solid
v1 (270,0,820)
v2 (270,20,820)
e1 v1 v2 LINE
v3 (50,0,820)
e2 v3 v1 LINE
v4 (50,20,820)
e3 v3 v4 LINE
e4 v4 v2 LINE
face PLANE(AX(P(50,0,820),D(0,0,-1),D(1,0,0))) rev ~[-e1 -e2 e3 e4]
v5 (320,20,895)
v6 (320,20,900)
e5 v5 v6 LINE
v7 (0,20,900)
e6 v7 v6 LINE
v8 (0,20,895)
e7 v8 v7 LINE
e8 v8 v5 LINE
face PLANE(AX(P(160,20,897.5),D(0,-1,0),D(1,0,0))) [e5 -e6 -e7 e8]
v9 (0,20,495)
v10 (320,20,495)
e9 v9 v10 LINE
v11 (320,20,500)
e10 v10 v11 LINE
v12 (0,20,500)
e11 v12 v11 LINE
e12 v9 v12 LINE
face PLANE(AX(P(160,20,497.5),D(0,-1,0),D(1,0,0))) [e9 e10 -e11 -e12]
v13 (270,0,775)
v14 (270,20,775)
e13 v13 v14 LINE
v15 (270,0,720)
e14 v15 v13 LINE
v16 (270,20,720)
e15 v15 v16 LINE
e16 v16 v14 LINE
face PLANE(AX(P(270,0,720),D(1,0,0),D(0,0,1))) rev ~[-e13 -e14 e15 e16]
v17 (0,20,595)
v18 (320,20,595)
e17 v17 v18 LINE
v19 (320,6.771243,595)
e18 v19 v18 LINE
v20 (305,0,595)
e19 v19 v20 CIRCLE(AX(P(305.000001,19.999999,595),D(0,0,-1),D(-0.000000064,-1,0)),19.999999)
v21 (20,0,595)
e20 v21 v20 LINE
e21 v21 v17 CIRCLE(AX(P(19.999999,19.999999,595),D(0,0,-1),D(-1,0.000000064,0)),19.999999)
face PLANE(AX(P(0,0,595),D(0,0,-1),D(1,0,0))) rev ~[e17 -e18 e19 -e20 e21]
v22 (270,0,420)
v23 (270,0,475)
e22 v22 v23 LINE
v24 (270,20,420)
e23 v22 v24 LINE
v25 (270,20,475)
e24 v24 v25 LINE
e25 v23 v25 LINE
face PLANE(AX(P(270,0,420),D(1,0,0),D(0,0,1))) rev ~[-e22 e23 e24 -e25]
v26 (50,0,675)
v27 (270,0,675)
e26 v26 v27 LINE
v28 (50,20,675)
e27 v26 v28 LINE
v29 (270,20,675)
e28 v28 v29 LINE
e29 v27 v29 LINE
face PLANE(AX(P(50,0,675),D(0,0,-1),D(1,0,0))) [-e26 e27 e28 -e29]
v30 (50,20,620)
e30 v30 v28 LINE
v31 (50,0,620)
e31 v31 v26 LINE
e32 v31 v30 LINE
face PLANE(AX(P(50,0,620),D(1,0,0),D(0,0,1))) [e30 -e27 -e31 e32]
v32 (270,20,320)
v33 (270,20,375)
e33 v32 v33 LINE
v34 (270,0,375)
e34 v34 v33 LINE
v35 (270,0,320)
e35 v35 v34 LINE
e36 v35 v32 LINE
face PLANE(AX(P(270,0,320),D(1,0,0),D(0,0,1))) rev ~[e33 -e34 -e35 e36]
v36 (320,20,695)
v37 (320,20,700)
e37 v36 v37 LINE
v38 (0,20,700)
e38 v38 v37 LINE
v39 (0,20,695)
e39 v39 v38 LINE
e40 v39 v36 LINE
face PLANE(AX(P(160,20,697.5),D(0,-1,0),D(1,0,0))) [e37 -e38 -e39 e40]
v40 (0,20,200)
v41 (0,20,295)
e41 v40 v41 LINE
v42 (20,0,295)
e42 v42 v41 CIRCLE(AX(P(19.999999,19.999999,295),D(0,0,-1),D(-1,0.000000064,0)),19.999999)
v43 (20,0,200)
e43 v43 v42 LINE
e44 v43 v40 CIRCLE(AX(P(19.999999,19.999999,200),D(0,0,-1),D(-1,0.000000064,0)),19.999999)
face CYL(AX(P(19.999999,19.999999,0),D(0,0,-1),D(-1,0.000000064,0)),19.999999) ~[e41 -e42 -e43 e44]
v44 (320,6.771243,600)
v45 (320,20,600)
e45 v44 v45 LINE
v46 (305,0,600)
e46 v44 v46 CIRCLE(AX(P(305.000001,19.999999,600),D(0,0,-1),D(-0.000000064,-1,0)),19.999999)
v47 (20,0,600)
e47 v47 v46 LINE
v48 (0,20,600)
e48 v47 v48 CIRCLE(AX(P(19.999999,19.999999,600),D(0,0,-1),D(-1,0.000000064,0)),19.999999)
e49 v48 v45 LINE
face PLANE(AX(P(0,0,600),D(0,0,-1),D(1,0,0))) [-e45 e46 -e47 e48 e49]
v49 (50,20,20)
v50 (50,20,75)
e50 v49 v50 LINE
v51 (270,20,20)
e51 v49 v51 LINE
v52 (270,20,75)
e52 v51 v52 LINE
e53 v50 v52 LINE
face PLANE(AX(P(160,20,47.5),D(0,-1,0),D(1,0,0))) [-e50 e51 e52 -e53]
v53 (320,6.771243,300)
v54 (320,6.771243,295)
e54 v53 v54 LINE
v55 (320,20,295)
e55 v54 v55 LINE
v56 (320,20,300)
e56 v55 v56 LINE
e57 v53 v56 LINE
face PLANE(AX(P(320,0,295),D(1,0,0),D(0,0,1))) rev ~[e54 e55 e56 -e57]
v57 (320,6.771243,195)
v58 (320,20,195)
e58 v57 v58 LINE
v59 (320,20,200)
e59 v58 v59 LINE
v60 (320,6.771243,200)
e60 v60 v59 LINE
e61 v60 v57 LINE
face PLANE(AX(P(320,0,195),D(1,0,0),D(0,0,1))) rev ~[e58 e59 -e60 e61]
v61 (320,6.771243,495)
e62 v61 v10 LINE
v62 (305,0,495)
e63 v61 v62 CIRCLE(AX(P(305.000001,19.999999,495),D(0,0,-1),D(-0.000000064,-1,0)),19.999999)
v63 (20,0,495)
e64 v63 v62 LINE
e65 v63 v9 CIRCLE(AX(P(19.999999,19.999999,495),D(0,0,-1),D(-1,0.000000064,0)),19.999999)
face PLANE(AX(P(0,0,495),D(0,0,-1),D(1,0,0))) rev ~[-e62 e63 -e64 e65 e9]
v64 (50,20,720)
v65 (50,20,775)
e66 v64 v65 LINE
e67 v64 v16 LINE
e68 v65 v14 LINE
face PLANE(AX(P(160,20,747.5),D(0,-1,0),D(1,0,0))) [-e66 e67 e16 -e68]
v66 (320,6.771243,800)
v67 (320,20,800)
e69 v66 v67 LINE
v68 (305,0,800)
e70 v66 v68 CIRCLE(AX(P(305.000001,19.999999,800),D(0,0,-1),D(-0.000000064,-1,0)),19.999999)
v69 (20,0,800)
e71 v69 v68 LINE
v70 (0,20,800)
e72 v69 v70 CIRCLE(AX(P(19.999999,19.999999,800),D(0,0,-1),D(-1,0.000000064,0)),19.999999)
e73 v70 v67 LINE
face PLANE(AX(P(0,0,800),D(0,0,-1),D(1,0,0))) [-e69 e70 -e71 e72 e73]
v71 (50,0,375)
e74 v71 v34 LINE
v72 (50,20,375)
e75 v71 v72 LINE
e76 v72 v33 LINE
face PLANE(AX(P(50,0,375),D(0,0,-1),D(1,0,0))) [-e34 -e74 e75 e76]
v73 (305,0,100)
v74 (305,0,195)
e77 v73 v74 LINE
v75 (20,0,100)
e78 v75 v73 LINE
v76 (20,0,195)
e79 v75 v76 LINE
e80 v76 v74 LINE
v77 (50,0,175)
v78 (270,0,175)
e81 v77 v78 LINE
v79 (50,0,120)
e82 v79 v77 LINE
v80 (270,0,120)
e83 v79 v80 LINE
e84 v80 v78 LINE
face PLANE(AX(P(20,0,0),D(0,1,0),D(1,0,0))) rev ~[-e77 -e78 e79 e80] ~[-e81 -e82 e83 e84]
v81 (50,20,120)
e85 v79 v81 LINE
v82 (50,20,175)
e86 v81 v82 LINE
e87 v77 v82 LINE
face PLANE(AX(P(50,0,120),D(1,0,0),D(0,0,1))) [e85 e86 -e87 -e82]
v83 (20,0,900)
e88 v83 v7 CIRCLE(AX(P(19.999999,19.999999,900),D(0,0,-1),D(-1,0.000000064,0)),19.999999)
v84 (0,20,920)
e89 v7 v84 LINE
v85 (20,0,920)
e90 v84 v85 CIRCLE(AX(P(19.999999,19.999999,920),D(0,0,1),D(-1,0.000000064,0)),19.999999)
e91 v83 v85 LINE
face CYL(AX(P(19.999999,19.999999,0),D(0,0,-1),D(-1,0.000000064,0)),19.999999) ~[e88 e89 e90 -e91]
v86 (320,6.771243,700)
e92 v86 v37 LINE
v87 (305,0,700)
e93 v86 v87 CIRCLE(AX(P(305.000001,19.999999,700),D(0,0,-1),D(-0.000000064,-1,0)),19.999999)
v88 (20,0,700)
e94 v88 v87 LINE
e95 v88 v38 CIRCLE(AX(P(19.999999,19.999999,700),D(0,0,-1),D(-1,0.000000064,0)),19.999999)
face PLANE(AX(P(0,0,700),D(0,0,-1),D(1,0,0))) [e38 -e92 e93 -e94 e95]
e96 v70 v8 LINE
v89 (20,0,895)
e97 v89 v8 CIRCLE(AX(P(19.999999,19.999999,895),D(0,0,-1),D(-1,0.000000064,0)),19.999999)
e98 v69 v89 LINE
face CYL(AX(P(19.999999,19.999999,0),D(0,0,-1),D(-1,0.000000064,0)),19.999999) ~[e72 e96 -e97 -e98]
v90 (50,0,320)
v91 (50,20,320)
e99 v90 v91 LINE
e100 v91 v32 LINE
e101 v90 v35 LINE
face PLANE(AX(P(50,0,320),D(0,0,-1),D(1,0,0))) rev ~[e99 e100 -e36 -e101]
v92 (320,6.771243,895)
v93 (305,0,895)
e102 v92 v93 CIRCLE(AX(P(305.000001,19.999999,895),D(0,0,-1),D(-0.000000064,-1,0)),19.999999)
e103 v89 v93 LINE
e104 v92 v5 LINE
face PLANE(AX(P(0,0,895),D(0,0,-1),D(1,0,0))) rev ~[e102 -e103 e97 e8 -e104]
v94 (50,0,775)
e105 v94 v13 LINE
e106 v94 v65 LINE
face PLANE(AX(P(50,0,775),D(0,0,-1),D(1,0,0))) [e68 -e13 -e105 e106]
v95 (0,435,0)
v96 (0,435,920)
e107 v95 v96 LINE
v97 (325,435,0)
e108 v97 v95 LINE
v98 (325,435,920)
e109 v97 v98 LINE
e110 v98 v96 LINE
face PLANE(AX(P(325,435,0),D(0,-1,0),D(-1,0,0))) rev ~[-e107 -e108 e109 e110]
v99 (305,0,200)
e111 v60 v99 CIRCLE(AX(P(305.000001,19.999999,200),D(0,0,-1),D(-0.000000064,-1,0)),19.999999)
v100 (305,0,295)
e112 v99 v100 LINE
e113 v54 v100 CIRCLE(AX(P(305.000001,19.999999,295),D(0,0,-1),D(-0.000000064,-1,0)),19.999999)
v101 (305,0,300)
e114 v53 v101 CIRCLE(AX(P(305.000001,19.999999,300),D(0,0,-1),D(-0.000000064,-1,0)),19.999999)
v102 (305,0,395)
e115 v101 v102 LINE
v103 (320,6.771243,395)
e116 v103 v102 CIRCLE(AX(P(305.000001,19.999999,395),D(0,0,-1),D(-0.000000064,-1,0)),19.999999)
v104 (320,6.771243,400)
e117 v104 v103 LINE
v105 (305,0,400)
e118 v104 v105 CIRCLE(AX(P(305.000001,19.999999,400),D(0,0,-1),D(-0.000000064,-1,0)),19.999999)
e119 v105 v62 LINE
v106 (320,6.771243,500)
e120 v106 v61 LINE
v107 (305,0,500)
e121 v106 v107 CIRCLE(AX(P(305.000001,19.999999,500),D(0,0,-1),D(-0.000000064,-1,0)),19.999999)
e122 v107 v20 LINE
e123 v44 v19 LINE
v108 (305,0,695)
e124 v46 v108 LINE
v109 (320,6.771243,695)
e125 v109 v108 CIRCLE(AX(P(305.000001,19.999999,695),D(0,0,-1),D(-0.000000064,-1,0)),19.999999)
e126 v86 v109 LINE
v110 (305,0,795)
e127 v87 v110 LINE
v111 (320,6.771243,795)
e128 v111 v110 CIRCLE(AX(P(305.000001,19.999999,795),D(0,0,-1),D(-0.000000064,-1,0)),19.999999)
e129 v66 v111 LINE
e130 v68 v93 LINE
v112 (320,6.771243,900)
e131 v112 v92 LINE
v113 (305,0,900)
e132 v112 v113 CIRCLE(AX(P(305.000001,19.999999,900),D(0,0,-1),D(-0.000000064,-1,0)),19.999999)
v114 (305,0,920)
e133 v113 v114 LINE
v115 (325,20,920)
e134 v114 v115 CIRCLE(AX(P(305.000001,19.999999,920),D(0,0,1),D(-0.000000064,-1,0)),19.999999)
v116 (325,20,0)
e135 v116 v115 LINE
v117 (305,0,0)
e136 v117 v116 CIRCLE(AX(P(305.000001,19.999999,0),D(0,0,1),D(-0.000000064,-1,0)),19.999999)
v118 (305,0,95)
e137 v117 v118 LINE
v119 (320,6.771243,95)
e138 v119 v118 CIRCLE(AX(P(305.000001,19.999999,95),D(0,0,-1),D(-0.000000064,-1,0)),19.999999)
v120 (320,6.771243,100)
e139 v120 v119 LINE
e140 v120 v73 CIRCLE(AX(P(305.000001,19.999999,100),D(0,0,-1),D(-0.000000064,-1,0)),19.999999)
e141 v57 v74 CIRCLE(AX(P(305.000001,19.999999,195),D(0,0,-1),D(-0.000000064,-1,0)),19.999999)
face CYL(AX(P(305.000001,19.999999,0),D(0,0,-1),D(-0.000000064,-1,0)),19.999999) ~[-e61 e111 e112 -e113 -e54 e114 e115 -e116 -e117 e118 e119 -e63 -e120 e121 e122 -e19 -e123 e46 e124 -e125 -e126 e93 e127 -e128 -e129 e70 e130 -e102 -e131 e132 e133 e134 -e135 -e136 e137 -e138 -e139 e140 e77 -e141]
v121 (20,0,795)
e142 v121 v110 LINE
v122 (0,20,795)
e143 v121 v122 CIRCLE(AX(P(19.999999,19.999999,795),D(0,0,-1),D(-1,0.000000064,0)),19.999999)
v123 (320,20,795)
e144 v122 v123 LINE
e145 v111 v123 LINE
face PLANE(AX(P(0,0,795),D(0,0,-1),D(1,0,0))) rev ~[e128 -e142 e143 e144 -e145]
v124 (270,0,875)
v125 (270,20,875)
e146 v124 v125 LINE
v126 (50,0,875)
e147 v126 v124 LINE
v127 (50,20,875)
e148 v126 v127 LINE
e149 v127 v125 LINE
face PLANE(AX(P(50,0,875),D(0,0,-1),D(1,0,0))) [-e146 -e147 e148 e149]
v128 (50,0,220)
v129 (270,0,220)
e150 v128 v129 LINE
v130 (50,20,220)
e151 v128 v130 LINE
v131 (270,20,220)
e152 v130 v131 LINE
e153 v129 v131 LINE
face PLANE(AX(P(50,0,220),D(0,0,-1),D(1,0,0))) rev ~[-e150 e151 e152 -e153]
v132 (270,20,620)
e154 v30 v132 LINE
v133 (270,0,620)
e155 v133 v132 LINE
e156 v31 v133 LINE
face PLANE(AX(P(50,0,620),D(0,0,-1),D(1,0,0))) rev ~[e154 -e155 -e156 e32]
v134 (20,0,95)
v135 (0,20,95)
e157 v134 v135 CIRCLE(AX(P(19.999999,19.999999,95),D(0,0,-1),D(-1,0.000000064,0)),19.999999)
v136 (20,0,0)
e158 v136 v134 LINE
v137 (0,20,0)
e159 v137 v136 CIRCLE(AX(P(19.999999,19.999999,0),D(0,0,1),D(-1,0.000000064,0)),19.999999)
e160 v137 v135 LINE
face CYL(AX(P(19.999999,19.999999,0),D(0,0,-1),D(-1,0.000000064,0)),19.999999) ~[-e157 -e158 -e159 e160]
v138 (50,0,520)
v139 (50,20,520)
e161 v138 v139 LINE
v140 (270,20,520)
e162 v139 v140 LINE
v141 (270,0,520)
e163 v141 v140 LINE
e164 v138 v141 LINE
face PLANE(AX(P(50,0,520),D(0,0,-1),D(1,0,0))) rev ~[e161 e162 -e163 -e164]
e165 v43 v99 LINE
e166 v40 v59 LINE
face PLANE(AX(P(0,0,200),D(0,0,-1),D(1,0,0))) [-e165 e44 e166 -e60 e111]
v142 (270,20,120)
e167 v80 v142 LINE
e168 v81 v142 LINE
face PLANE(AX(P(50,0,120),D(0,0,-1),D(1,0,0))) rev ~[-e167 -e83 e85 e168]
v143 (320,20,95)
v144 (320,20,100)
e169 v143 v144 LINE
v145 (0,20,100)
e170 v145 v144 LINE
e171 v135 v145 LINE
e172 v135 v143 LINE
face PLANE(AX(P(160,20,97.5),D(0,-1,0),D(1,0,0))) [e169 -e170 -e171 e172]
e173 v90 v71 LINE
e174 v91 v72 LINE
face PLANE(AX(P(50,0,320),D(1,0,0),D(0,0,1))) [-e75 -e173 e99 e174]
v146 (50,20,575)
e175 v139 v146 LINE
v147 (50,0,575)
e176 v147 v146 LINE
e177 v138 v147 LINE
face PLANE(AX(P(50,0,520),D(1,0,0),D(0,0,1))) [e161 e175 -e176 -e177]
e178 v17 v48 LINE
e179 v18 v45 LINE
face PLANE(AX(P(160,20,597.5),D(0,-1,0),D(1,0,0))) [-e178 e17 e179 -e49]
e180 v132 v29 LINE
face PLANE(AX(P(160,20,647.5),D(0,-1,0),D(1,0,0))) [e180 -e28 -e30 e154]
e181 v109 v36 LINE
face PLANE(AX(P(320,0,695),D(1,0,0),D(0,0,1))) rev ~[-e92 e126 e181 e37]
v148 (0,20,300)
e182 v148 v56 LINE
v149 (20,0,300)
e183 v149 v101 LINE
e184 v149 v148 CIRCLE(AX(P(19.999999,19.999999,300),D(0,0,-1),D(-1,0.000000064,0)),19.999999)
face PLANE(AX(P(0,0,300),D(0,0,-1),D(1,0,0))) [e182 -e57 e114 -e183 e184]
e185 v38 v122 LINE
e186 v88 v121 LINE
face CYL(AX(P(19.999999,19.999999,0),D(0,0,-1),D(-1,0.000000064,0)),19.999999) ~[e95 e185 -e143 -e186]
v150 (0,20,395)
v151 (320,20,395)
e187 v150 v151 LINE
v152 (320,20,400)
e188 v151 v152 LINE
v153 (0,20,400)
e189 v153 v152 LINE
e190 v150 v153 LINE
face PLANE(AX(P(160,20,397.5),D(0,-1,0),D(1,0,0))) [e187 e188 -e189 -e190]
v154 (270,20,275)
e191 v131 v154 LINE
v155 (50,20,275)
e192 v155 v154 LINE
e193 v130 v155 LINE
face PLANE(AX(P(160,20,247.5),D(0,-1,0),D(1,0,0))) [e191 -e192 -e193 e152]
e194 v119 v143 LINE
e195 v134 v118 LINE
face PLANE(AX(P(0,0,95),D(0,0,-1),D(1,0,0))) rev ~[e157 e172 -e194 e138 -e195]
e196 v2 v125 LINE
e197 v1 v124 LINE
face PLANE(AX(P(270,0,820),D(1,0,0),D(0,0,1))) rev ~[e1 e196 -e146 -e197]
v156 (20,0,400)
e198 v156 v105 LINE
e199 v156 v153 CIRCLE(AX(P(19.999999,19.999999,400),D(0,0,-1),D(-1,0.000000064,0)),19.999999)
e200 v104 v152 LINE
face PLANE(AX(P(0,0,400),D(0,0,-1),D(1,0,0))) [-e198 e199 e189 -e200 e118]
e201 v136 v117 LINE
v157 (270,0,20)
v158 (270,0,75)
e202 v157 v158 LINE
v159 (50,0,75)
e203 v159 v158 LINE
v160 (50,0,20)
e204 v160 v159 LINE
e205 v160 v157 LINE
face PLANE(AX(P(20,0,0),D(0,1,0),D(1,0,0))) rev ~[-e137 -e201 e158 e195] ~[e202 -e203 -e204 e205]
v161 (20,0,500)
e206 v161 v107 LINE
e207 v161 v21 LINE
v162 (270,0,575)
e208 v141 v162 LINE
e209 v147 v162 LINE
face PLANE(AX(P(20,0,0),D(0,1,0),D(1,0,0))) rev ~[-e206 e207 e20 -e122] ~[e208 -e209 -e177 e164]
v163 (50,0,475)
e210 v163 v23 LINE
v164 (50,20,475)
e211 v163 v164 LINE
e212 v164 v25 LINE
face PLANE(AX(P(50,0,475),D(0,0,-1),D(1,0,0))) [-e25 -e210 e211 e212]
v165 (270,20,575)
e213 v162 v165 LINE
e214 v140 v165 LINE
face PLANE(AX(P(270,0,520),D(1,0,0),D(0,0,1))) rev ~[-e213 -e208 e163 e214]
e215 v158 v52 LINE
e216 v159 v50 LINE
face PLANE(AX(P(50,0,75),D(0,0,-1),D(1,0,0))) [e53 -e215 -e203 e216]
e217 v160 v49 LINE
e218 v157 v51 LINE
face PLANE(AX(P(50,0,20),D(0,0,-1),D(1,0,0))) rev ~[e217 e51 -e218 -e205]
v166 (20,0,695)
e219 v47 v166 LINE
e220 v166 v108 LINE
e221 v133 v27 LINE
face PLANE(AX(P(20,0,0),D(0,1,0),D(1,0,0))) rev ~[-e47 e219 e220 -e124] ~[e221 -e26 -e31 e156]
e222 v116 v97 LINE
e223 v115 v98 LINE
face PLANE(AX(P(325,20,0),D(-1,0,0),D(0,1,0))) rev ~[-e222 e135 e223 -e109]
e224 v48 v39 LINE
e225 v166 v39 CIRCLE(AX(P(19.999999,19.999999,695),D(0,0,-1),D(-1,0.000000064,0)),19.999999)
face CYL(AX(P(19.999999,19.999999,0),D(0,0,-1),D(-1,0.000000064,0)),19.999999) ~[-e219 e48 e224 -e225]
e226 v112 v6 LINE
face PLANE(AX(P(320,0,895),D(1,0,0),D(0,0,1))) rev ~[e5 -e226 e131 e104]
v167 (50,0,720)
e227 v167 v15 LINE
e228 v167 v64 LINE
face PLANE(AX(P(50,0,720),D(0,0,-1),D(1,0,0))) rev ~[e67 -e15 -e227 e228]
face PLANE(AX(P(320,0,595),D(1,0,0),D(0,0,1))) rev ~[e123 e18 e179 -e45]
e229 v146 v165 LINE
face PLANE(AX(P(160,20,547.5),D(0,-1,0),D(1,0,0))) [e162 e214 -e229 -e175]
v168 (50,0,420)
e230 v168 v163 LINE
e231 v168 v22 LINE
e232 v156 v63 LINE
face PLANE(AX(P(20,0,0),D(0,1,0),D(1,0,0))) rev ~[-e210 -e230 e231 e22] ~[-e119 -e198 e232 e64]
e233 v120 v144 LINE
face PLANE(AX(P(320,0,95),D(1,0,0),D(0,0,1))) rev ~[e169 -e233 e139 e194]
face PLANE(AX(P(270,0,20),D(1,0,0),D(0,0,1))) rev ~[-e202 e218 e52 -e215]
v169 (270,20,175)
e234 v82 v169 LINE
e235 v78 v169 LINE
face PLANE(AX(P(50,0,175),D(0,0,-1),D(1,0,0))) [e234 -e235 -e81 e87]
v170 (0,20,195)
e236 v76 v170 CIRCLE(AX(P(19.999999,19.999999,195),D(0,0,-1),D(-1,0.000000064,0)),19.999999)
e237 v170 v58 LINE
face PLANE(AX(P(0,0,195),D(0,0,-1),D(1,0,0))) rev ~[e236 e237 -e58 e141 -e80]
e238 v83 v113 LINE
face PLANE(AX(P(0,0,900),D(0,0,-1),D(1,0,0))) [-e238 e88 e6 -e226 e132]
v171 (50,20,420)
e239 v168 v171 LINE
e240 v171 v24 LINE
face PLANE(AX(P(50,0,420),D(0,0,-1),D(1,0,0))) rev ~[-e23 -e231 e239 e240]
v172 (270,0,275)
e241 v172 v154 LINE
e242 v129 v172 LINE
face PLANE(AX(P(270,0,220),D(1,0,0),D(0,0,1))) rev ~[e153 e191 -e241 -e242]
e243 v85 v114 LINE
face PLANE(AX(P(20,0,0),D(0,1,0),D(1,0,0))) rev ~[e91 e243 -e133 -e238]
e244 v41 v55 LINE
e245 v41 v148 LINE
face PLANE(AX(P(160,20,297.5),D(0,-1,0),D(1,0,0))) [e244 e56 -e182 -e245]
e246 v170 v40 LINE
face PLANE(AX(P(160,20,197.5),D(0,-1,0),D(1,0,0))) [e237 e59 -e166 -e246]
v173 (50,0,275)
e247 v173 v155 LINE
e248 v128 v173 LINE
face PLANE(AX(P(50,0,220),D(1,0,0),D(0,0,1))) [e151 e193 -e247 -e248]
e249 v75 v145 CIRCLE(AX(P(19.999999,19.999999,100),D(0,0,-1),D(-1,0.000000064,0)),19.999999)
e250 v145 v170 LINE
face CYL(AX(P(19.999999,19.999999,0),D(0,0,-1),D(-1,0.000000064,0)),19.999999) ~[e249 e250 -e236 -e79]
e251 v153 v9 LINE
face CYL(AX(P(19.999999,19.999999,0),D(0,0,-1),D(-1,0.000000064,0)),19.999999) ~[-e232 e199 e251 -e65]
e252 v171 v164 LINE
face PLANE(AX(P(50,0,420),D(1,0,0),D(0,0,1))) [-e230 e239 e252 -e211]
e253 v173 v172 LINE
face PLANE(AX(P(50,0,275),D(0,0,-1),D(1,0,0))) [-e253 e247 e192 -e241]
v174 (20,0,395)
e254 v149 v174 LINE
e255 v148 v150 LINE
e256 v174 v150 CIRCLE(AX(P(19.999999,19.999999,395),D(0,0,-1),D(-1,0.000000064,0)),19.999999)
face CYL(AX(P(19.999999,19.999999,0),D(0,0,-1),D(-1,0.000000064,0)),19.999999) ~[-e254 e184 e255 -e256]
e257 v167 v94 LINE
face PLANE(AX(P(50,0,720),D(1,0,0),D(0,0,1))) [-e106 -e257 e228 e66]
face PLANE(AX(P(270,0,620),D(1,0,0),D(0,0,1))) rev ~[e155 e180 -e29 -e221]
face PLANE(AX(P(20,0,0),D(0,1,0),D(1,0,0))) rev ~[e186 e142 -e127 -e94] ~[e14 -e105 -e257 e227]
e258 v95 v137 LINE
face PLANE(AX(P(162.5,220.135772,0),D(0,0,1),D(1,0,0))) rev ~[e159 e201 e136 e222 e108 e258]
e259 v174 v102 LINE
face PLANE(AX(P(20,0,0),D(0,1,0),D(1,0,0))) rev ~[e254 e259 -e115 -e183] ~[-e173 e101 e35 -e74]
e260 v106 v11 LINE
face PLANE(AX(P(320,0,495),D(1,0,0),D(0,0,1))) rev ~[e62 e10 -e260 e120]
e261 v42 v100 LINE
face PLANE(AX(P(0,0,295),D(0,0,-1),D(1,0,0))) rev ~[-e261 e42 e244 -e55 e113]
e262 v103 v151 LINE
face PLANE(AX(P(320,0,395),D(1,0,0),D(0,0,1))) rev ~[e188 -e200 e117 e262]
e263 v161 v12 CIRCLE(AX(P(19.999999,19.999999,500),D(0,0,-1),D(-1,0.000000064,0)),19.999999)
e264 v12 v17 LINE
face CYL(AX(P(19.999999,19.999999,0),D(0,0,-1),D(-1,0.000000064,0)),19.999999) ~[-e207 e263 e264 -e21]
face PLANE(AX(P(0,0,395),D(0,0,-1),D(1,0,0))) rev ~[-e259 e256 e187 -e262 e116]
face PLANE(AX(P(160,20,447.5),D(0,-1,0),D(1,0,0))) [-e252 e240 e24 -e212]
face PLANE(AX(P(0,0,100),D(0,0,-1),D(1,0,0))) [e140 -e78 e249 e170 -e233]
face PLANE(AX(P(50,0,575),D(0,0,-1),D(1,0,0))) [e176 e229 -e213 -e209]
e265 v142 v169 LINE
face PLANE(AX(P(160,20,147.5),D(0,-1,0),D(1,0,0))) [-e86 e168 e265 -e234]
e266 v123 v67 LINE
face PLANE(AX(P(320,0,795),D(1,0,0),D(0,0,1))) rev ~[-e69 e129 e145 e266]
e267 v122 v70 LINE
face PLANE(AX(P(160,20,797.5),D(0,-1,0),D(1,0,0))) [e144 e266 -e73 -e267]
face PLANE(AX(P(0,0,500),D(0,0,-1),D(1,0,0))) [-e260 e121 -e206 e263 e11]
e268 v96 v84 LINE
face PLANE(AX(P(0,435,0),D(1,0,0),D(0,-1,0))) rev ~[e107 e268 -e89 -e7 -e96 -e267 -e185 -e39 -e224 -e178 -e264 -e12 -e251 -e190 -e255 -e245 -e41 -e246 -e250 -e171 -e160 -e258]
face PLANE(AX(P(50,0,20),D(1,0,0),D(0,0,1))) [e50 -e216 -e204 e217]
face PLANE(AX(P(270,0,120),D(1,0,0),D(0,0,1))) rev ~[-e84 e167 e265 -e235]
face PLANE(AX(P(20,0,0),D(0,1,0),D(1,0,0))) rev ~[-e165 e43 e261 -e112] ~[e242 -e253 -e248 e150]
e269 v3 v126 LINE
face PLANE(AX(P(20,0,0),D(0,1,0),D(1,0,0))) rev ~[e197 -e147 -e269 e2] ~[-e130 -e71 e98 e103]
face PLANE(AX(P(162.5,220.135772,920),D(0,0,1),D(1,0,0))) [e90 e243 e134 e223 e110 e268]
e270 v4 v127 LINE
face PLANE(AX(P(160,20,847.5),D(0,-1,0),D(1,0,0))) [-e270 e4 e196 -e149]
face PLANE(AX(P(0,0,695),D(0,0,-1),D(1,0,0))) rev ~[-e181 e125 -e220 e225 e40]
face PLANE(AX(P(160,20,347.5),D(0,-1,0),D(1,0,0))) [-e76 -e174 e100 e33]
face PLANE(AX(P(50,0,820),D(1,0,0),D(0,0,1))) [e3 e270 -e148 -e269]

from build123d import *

# Parameters (mm, degrees)
PAD009_DEPTH        = 920
SKETCH017_W         = 220
SKETCH017_H         = 55
SKETCH017_W_2       = 320
SKETCH017_H_2       = 5
POCKET002_DEPTH     = 20
LINEARPATTERN_COUNT = 9
LINEARPATTERN_PITCH = 100


with BuildPart() as part:
    # Sketch016 → Pad009 (new body)
    with BuildSketch(Plane.XY):
        with BuildLine():
            Line((20, 0), (305, 0))
            ThreePointArc((305, 0), (319.142136, 5.857864), (325, 20))
            Line((325, 20), (325, 435))
            Line((325, 435), (0, 435))
            Line((0, 435), (0, 20))
            ThreePointArc((0, 20), (5.857864, 5.857864), (20, 0))
        make_face()
    extrude(amount=PAD009_DEPTH)

    # Sketch017 → Pocket002 (cut)
    with BuildSketch(Plane.XZ):
        with Locations((160, 47.5)):
            Rectangle(SKETCH017_W, SKETCH017_H)
        with Locations((160, 97.5)):
            Rectangle(SKETCH017_W_2, SKETCH017_H_2)
    pocket002 = extrude(amount=-POCKET002_DEPTH, mode=Mode.SUBTRACT)

    # LinearPattern: Pocket002 ×9
    with Locations(*[(0, 0, i * LINEARPATTERN_PITCH) for i in range(1, LINEARPATTERN_COUNT)]):
        add(pocket002, mode=Mode.SUBTRACT)


solid = part.part
